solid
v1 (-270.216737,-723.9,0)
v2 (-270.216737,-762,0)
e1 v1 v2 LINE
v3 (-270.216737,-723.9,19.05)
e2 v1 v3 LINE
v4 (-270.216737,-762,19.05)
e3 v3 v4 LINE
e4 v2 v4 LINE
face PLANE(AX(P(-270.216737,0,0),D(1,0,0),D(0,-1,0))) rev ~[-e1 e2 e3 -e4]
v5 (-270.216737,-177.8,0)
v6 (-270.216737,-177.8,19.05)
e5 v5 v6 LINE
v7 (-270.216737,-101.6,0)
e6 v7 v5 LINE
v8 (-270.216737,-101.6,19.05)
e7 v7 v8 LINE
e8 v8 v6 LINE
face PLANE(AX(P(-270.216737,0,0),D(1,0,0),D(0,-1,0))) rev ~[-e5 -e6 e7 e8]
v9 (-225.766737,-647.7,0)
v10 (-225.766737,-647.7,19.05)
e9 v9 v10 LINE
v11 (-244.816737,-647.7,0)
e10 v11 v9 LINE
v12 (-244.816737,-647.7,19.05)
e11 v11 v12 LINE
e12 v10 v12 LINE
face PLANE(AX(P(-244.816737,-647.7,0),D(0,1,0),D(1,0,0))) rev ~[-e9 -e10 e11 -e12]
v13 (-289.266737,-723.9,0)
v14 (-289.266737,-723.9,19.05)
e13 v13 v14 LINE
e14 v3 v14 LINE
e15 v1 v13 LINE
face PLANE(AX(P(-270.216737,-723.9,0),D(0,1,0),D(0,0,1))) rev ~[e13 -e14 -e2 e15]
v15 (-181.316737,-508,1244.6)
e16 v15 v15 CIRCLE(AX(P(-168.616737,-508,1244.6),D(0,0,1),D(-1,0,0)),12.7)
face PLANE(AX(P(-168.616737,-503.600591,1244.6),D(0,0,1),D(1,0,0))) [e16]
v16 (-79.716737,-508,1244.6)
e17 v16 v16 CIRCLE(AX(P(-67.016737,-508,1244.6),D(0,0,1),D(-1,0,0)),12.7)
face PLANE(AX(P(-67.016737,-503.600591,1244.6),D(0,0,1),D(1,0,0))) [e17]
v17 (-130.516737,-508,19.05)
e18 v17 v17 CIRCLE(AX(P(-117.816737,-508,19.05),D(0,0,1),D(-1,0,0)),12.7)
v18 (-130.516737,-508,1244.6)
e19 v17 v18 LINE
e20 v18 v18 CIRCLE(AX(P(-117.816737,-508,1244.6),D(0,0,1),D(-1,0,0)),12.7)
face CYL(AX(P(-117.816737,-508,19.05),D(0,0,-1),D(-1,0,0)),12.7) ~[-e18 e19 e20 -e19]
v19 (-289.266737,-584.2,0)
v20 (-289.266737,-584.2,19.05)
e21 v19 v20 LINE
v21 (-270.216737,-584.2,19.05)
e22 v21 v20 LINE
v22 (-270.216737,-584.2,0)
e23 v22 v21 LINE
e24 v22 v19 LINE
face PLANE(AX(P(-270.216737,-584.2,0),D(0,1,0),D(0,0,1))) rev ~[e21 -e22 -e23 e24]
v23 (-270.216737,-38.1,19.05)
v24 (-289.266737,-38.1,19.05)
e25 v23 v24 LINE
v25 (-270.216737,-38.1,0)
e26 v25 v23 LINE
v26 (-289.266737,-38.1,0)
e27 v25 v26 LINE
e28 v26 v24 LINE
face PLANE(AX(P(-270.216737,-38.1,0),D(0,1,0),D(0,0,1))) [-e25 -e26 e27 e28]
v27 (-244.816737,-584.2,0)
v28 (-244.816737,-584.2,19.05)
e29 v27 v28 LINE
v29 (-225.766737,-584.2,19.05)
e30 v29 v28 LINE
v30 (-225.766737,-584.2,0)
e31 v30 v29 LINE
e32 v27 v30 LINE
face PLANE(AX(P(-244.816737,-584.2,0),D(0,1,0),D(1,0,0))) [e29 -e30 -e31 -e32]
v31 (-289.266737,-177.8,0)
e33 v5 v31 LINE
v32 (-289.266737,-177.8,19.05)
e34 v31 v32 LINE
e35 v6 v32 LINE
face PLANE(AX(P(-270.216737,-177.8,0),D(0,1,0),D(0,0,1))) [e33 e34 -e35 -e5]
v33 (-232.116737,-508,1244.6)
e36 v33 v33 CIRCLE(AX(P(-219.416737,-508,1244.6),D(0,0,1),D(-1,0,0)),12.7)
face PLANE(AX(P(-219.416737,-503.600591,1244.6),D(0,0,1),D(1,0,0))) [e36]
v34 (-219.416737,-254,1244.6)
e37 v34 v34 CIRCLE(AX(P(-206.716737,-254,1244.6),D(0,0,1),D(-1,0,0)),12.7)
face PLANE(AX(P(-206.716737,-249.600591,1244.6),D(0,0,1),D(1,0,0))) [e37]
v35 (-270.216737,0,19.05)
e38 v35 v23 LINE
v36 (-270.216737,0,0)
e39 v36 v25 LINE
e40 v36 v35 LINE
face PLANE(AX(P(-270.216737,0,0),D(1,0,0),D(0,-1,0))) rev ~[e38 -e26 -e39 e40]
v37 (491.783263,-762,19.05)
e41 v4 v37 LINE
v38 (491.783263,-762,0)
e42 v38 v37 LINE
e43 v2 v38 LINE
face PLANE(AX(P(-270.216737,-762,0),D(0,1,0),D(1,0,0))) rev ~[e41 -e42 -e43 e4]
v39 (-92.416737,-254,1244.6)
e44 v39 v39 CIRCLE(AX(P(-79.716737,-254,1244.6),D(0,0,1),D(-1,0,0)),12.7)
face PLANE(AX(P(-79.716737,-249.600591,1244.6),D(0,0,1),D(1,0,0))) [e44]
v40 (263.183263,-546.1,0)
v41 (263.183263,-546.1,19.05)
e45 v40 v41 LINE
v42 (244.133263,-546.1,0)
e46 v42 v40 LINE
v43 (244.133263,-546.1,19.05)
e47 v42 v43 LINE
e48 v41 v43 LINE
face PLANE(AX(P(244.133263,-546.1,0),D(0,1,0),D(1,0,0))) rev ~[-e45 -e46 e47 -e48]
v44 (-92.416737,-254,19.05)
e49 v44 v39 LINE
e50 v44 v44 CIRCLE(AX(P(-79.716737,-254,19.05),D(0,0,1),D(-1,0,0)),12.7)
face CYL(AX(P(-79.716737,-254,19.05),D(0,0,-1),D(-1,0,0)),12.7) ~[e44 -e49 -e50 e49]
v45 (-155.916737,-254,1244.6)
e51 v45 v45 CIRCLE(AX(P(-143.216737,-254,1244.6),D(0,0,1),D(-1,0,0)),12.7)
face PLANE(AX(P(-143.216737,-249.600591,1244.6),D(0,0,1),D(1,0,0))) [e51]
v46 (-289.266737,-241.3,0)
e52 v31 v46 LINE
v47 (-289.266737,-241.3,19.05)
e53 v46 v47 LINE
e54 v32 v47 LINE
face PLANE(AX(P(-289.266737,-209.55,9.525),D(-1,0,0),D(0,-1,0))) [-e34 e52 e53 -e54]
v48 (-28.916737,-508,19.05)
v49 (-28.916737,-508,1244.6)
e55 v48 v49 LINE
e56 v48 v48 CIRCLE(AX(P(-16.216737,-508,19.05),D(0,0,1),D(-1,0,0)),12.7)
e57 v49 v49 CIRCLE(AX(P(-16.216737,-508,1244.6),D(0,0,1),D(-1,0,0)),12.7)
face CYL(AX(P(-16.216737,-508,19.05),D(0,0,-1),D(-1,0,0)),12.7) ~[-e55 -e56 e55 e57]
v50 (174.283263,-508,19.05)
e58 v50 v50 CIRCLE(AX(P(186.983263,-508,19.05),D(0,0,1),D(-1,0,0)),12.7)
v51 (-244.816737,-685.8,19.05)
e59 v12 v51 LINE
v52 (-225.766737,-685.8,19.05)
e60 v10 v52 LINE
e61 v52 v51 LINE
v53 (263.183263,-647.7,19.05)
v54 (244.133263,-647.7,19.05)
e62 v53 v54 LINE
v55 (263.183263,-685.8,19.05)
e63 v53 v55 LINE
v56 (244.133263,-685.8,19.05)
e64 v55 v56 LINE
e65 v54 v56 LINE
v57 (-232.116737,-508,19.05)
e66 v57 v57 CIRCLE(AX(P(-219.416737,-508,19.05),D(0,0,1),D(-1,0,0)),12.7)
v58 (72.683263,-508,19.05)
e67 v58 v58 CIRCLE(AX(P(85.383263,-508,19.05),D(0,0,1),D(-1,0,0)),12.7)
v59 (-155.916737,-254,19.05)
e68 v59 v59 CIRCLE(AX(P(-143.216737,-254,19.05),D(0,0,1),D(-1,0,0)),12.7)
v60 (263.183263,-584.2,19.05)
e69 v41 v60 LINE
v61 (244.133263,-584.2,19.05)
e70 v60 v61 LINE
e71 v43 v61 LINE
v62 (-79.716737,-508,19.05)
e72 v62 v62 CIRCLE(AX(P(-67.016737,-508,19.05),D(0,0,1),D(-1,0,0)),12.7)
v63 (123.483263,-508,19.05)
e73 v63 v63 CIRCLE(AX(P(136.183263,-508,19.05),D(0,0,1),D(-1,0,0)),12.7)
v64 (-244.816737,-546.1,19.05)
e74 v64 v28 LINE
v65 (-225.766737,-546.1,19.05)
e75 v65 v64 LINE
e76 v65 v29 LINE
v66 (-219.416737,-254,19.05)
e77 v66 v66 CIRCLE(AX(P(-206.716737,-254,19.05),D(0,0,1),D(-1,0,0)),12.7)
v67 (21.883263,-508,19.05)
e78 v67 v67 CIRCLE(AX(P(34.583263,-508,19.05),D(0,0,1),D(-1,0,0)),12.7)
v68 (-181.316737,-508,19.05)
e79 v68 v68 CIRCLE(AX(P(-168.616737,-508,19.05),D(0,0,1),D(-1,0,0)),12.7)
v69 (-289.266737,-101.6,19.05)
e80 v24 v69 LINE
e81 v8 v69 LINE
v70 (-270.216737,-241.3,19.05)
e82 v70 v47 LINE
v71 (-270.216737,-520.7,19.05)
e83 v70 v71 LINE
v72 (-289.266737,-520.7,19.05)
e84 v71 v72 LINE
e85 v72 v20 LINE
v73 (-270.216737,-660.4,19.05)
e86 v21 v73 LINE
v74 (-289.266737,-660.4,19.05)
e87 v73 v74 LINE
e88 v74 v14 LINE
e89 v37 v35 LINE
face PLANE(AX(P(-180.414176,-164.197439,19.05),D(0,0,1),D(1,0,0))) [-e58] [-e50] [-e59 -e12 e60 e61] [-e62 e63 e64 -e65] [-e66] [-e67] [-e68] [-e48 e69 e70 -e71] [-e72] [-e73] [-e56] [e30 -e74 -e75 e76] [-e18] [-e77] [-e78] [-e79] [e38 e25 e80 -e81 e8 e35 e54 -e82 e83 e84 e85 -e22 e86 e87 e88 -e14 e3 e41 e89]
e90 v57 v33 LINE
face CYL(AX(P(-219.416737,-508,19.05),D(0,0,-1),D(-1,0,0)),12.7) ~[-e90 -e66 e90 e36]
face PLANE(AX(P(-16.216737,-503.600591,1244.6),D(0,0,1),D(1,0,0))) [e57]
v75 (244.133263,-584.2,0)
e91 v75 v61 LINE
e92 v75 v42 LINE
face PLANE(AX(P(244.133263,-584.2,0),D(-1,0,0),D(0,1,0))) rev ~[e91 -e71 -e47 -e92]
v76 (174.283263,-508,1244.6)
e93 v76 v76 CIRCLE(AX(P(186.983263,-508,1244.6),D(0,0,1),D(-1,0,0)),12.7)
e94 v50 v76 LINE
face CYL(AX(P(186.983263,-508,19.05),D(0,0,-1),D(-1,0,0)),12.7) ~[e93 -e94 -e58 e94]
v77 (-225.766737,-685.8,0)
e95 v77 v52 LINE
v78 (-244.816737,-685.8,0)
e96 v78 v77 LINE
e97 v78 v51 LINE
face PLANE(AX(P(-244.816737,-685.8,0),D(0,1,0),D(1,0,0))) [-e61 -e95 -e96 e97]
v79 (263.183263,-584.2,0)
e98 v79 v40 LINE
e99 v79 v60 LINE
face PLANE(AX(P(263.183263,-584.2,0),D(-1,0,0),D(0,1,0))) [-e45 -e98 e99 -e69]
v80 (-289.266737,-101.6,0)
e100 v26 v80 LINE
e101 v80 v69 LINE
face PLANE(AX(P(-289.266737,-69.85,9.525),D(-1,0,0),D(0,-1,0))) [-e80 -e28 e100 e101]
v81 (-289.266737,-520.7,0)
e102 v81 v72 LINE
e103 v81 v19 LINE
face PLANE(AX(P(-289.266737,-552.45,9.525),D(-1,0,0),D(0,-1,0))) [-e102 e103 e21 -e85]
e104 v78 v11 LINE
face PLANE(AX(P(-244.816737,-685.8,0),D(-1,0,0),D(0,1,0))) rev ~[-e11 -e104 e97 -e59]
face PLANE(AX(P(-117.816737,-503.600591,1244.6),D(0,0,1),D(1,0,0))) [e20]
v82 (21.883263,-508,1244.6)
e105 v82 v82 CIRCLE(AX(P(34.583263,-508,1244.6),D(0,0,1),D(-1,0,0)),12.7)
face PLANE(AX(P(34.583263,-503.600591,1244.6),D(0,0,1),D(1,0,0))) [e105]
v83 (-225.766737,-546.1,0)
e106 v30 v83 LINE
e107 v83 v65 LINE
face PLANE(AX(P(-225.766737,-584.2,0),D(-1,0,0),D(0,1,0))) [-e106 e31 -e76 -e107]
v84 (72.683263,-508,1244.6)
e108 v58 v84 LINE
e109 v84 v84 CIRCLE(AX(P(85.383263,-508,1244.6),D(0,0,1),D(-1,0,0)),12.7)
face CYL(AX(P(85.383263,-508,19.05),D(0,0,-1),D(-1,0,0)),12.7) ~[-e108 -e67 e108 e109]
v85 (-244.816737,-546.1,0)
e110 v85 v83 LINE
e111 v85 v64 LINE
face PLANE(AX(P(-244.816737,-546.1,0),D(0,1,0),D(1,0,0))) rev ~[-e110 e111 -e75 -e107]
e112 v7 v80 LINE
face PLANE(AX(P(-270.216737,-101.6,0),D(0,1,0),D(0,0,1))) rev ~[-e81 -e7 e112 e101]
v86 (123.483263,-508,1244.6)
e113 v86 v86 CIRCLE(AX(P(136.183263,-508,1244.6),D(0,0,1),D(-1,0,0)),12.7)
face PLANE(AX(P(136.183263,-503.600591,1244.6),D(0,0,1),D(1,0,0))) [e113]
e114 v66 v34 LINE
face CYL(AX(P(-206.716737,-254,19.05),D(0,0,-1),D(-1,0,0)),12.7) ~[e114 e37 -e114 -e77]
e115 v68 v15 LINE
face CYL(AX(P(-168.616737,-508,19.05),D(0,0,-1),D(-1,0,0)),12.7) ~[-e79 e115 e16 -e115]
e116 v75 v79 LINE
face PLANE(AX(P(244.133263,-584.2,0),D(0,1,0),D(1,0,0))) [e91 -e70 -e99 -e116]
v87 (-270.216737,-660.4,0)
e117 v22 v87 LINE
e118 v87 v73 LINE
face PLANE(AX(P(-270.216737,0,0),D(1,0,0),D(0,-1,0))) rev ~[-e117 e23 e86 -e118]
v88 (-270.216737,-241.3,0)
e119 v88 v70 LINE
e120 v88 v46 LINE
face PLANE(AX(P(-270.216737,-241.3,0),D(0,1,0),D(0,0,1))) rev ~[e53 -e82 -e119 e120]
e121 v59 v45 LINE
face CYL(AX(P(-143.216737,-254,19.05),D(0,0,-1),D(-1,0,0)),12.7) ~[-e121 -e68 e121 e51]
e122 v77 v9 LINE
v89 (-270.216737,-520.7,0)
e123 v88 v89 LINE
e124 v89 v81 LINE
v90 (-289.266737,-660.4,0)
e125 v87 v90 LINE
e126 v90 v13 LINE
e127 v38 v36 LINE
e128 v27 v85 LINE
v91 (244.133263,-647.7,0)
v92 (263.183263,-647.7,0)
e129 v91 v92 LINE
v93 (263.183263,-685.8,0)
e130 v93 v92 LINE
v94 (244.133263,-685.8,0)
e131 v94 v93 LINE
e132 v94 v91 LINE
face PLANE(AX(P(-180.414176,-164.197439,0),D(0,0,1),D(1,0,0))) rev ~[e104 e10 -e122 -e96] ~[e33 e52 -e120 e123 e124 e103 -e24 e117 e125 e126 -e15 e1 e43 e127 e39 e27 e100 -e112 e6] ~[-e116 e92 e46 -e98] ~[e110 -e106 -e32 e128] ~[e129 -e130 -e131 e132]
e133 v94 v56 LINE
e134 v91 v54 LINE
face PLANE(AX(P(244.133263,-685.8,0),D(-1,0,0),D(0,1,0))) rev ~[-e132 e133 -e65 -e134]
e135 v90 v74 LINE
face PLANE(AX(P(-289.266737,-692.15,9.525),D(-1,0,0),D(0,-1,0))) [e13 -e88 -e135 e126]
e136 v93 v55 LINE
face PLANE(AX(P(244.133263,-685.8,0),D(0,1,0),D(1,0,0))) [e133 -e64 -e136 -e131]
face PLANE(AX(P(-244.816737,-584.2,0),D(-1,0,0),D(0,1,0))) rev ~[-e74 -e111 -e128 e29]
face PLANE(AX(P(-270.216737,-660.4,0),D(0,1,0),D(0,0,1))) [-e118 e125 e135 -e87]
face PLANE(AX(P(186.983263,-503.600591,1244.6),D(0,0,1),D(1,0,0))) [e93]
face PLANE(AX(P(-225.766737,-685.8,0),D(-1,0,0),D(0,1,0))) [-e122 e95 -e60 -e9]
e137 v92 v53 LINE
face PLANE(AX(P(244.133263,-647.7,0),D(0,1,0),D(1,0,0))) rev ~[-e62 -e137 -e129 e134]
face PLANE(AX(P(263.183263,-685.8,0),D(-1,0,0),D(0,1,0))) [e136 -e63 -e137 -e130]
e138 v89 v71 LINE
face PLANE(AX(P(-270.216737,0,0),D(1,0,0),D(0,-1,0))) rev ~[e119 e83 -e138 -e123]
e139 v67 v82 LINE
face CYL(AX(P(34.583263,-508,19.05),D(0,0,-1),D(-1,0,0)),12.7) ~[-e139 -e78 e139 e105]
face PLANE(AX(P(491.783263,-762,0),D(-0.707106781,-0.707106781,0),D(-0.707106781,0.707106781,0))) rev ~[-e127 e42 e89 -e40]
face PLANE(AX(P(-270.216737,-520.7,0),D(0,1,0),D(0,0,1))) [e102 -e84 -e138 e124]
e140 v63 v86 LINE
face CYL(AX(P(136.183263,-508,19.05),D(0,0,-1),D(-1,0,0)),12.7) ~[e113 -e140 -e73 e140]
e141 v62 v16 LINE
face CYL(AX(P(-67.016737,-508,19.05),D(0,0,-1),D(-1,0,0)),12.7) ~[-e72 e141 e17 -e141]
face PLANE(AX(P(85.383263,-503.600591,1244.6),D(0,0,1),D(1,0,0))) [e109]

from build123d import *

# Parameters (mm, degrees)
F1_DEPTH = 19.05
F3_DEPTH = 1225.55
F4_W     = 19.05
F4_H     = 38.1
F5_DEPTH = 25.4
F6_W     = 63.5
F6_H     = 19.05
F7_DEPTH = 19.05


with BuildPart() as f1:
    # F0 (on Top) → F1 (new body)
    with BuildSketch(Plane.XY):
        Polygon((-16.216737, -254), (-270.216737, 0), (-270.216737, -254), align=None)
        Polygon((-16.216737, -254), (-270.216737, -254), (-270.216737, -508), (237.783263, -508), align=None)
        Polygon((237.783263, -508), (-270.216737, -508), (-270.216737, -762), (491.783263, -762), align=None)
    extrude(amount=F1_DEPTH)

    # F2 (on face) → F3 (join)
    with BuildSketch(Plane.XY.offset(19.05)):
        with BuildLine():
            ThreePointArc((-206.716737, -508), (-219.416737, -495.3), (-232.116737, -508))
            Line((-232.116737, -508), (-206.716737, -508))
        make_face()
        with BuildLine():
            ThreePointArc((199.683263, -508), (186.983263, -495.3), (174.283263, -508))
            Line((174.283263, -508), (199.683263, -508))
        make_face()
        with BuildLine():
            Line((199.683263, -508), (174.283263, -508))
            ThreePointArc((174.283263, -508), (186.983263, -520.7), (199.683263, -508))
        make_face()
        with BuildLine():
            ThreePointArc((148.883263, -508), (136.183263, -495.3), (123.483263, -508))
            Line((123.483263, -508), (148.883263, -508))
        make_face()
        with BuildLine():
            Line((148.883263, -508), (123.483263, -508))
            ThreePointArc((123.483263, -508), (136.183263, -520.7), (148.883263, -508))
        make_face()
        with BuildLine():
            ThreePointArc((98.083263, -508), (85.383263, -495.3), (72.683263, -508))
            Line((72.683263, -508), (98.083263, -508))
        make_face()
        with BuildLine():
            Line((98.083263, -508), (72.683263, -508))
            ThreePointArc((72.683263, -508), (85.383263, -520.7), (98.083263, -508))
        make_face()
        with BuildLine():
            ThreePointArc((47.283263, -508), (34.583263, -495.3), (21.883263, -508))
            Line((21.883263, -508), (47.283263, -508))
        make_face()
        with BuildLine():
            Line((47.283263, -508), (21.883263, -508))
            ThreePointArc((21.883263, -508), (34.583263, -520.7), (47.283263, -508))
        make_face()
        with BuildLine():
            ThreePointArc((-3.516737, -508), (-16.216737, -495.3), (-28.916737, -508))
            Line((-28.916737, -508), (-3.516737, -508))
        make_face()
        with BuildLine():
            Line((-3.516737, -508), (-28.916737, -508))
            ThreePointArc((-28.916737, -508), (-16.216737, -520.7), (-3.516737, -508))
        make_face()
        with BuildLine():
            ThreePointArc((-54.316737, -508), (-67.016737, -495.3), (-79.716737, -508))
            Line((-79.716737, -508), (-54.316737, -508))
        make_face()
        with BuildLine():
            Line((-54.316737, -508), (-79.716737, -508))
            ThreePointArc((-79.716737, -508), (-67.016737, -520.7), (-54.316737, -508))
        make_face()
        with BuildLine():
            ThreePointArc((-105.116737, -508), (-117.816737, -495.3), (-130.516737, -508))
            Line((-130.516737, -508), (-105.116737, -508))
        make_face()
        with BuildLine():
            Line((-105.116737, -508), (-130.516737, -508))
            ThreePointArc((-130.516737, -508), (-117.816737, -520.7), (-105.116737, -508))
        make_face()
        with BuildLine():
            ThreePointArc((-155.916737, -508), (-168.616737, -495.3), (-181.316737, -508))
            Line((-181.316737, -508), (-155.916737, -508))
        make_face()
        with BuildLine():
            Line((-155.916737, -508), (-181.316737, -508))
            ThreePointArc((-181.316737, -508), (-168.616737, -520.7), (-155.916737, -508))
        make_face()
        with BuildLine():
            Line((-206.716737, -508), (-232.116737, -508))
            ThreePointArc((-232.116737, -508), (-219.416737, -520.7), (-206.716737, -508))
        make_face()
        with BuildLine():
            ThreePointArc((-194.016737, -254), (-206.716737, -241.3), (-219.416737, -254))
            Line((-219.416737, -254), (-194.016737, -254))
        make_face()
        with BuildLine():
            ThreePointArc((-67.016737, -254), (-79.716737, -241.3), (-92.416737, -254))
            Line((-92.416737, -254), (-67.016737, -254))
        make_face()
        with BuildLine():
            Line((-67.016737, -254), (-92.416737, -254))
            ThreePointArc((-92.416737, -254), (-79.716737, -266.7), (-67.016737, -254))
        make_face()
        with BuildLine():
            ThreePointArc((-130.516737, -254), (-143.216737, -241.3), (-155.916737, -254))
            Line((-155.916737, -254), (-130.516737, -254))
        make_face()
        with BuildLine():
            Line((-130.516737, -254), (-155.916737, -254))
            ThreePointArc((-155.916737, -254), (-143.216737, -266.7), (-130.516737, -254))
        make_face()
        with BuildLine():
            Line((-194.016737, -254), (-219.416737, -254))
            ThreePointArc((-219.416737, -254), (-206.716737, -266.7), (-194.016737, -254))
        make_face()
    extrude(amount=F3_DEPTH)

    # F4 (on face) → F5 (cut)
    with BuildSketch(Plane.XY):
        with Locations((-235.291737, -565.15)):
            Rectangle(F4_W, F4_H)
        with Locations((-235.291737, -666.75)):
            Rectangle(F4_W, F4_H)
        with Locations((253.658263, -565.15)):
            Rectangle(F4_W, F4_H)
        with Locations((253.658263, -666.75)):
            Rectangle(F4_W, F4_H)
    extrude(amount=F5_DEPTH, mode=Mode.SUBTRACT)

    # F6 (on face) → F7 (join)
    with BuildSketch(Plane(origin=(-270.216737, 0, 0), x_dir=(0, -1, 0), z_dir=(-1, 0, 0))):
        with Locations((552.45, 9.525)):
            Rectangle(F6_W, F6_H)
        with Locations((692.15, 9.525)):
            Rectangle(F6_W, F6_H)
        with Locations((69.85, 9.525)):
            Rectangle(F6_W, F6_H)
        with Locations((209.55, 9.525)):
            Rectangle(F6_W, F6_H)
    extrude(amount=F7_DEPTH)


solid = f1.part
